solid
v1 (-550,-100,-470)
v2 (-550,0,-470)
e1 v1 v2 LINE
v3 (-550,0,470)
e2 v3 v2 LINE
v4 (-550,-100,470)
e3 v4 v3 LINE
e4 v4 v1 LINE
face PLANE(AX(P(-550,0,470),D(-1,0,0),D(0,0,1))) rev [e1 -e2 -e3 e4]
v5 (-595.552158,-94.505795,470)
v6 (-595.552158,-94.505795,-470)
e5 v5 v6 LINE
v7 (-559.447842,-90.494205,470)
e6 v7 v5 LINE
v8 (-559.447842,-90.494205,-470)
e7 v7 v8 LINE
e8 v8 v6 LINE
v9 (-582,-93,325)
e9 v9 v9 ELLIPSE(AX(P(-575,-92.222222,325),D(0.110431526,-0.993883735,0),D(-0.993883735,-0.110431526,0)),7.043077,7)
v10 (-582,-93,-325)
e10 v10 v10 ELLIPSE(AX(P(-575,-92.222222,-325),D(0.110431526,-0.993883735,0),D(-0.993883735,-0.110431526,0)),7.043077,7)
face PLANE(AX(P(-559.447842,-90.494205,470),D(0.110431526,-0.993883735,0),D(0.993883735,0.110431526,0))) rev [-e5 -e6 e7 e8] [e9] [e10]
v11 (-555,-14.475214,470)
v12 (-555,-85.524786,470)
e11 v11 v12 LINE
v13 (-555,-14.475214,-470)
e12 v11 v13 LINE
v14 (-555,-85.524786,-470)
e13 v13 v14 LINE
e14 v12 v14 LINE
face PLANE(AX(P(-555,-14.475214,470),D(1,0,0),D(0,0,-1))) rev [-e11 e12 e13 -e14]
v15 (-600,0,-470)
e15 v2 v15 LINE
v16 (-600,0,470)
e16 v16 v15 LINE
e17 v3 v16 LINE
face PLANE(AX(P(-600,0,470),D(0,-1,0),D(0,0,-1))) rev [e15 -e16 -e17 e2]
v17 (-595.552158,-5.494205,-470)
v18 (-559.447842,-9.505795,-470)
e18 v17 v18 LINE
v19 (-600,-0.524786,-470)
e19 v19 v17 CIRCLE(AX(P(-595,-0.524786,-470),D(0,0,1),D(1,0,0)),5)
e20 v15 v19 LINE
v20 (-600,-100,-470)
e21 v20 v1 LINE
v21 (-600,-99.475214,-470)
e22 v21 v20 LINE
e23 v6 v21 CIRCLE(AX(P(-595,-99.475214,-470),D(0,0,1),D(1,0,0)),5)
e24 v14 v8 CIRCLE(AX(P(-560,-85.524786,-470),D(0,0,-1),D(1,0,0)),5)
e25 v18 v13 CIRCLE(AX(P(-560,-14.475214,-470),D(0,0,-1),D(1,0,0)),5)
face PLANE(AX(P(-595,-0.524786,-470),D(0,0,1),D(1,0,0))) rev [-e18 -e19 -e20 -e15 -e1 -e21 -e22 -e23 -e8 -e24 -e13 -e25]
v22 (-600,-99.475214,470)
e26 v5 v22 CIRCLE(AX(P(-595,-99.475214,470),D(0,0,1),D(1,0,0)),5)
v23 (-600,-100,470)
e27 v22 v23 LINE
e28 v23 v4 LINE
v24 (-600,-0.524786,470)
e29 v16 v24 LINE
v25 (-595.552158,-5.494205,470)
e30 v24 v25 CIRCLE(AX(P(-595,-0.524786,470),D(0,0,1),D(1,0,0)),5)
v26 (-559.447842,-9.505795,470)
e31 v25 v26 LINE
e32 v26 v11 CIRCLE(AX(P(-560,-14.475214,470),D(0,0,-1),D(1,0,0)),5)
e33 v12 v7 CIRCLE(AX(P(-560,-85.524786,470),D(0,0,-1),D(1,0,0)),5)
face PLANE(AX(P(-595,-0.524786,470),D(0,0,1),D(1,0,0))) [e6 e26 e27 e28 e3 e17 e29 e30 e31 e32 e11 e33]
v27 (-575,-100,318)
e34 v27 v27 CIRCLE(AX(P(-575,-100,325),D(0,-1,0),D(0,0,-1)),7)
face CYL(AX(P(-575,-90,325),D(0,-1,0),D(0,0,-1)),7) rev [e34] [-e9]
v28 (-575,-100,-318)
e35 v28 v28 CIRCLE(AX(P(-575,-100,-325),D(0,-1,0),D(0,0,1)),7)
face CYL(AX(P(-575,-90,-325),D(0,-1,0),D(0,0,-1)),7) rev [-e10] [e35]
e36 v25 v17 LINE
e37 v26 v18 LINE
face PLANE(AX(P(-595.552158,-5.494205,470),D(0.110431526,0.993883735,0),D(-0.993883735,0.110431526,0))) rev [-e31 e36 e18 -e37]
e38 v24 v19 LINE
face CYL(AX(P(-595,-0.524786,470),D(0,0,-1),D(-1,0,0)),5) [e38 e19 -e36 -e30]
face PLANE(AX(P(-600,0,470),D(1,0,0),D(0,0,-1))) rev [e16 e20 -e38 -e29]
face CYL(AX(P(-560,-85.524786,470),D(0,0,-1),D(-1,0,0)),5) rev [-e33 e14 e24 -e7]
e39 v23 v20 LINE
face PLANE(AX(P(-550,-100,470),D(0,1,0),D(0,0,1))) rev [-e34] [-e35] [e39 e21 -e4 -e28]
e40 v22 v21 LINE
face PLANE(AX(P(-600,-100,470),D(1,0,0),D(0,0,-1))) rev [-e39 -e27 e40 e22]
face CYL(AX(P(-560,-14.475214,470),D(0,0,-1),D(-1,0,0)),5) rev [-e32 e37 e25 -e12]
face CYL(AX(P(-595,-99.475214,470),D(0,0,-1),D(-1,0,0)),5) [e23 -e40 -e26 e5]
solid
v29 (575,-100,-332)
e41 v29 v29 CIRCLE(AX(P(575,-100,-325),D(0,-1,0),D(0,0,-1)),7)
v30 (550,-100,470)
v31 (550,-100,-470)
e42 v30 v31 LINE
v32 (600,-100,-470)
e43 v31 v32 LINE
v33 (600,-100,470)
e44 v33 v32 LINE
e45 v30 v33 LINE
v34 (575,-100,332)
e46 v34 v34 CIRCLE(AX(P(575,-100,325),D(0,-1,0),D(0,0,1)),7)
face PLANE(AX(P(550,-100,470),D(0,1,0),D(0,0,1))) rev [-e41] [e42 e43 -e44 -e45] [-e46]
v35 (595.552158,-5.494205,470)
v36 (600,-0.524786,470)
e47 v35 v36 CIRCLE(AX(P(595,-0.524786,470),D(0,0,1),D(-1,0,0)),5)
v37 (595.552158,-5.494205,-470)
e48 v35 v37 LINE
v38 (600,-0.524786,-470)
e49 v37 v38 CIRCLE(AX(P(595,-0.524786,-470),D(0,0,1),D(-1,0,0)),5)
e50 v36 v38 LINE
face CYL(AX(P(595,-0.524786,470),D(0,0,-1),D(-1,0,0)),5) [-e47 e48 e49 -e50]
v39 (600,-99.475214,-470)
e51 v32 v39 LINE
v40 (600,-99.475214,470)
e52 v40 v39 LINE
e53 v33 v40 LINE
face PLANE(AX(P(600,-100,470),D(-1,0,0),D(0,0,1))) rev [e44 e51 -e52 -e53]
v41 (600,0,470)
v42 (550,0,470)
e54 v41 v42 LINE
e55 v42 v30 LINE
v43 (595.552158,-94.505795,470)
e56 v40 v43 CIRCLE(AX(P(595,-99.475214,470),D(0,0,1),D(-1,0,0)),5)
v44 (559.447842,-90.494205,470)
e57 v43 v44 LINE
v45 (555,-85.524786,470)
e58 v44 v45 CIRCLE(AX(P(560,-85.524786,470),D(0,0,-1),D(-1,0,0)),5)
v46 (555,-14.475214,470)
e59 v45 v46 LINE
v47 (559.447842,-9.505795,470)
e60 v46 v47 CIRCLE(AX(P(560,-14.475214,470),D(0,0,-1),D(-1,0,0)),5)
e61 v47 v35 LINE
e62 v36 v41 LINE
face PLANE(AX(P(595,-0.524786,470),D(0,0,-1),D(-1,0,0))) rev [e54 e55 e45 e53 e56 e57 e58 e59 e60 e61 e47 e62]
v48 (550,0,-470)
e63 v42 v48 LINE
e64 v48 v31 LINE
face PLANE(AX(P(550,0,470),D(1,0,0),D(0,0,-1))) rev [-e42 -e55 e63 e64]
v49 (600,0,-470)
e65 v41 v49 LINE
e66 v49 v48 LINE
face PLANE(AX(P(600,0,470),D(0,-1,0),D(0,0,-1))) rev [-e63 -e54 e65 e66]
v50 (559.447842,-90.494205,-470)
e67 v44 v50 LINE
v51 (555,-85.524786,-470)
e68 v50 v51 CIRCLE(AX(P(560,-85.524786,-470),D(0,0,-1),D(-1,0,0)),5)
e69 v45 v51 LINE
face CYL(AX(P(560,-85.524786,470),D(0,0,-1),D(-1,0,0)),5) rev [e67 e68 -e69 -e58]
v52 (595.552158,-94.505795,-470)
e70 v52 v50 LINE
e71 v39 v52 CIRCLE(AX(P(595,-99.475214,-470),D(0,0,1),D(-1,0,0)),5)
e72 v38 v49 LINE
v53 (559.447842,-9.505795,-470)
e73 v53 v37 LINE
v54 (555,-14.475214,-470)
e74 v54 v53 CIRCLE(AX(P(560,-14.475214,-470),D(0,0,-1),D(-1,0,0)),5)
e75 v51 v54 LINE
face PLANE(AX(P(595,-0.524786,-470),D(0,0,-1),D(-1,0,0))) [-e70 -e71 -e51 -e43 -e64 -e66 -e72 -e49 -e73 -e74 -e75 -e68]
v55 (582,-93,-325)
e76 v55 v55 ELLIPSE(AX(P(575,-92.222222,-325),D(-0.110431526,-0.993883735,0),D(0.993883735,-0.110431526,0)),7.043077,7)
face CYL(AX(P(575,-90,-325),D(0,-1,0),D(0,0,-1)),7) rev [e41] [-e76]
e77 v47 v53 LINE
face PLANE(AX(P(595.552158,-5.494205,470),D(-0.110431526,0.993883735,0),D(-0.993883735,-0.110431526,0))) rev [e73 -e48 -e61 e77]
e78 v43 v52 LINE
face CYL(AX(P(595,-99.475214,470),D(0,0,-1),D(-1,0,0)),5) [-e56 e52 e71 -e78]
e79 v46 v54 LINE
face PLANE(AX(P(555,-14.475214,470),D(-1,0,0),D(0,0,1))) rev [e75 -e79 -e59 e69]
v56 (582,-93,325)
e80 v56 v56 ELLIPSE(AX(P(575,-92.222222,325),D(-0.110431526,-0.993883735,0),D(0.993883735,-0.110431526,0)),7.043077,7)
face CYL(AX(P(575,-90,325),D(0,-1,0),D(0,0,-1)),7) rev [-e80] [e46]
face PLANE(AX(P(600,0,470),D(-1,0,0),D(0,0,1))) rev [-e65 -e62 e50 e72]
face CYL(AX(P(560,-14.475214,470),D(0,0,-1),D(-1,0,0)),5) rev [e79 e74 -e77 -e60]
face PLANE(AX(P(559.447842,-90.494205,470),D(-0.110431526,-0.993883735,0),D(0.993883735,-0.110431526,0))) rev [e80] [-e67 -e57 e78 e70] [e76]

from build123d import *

# Parameters (mm, degrees)
BOSS_EXTRUDE1_DEPTH   = 470
BOSS_EXTRUDE1_2_DEPTH = 470
SKETCH2_R             = 7
CUT_EXTRUDE1_DEPTH    = 10


with BuildPart() as part:
    # Sketch1 → Boss-Extrude1 (new, symmetric)
    with BuildSketch(Plane.XY):
        with BuildLine():
            Line((-600, 0), (-550, 0))
            Line((-550, 0), (-550, -100))
            Line((-550, -100), (-600, -100))
            Line((-600, -100), (-600, -99.475213966))
            ThreePointArc((-600, -99.475213966), (-598.725640089, -96.140606654), (-595.55215763, -94.505795292))
            Line((-595.55215763, -94.505795292), (-559.44784237, -90.494204708))
            ThreePointArc((-559.44784237, -90.494204708), (-556.274359911, -88.859393346), (-555, -85.524786034))
            Line((-555, -85.524786034), (-555, -14.475213966))
            ThreePointArc((-555, -14.475213966), (-556.274359911, -11.140606654), (-559.44784237, -9.505795292))
            Line((-559.44784237, -9.505795292), (-595.55215763, -5.494204708))
            ThreePointArc((-595.55215763, -5.494204708), (-598.725640089, -3.859393346), (-600, -0.524786034))
            Line((-600, -0.524786034), (-600, 0))
        make_face()
    extrude(amount=BOSS_EXTRUDE1_DEPTH, both=True)


with BuildPart() as body_2:
    # Sketch1 → Boss-Extrude1 2 (new, symmetric)
    with BuildSketch(Plane.XY):
        with BuildLine():
            Line((600, 0), (550, 0))
            Line((550, 0), (550, -100))
            Line((550, -100), (600, -100))
            Line((600, -100), (600, -99.475213966))
            ThreePointArc((600, -99.475213966), (598.725640089, -96.140606654), (595.55215763, -94.505795292))
            Line((595.55215763, -94.505795292), (559.44784237, -90.494204708))
            ThreePointArc((559.44784237, -90.494204708), (556.274359911, -88.859393346), (555, -85.524786034))
            Line((555, -85.524786034), (555, -14.475213966))
            ThreePointArc((555, -14.475213966), (556.274359911, -11.140606654), (559.44784237, -9.505795292))
            Line((559.44784237, -9.505795292), (595.55215763, -5.494204708))
            ThreePointArc((595.55215763, -5.494204708), (598.725640089, -3.859393346), (600, -0.524786034))
            Line((600, -0.524786034), (600, 0))
        make_face()
    extrude(amount=BOSS_EXTRUDE1_2_DEPTH, both=True)


with BuildPart() as cut_extrude1_tool:
    # Sketch2 → Cut-Extrude1 (new body)
    with BuildSketch(Plane.XZ.offset(100)):
        with Locations(Location((-575, 325, 0), (0, 0, 270))):
            Circle(SKETCH2_R)
        with Locations(Location((-575, -325, 0), (0, 0, 180))):
            Circle(SKETCH2_R)
        with Locations(Location((575, -325, 0), (0, 0, 270))):
            Circle(SKETCH2_R)
        with Locations((575, 325)):
            Circle(SKETCH2_R)
    extrude(amount=-CUT_EXTRUDE1_DEPTH)


with BuildPart() as part_1:
    add(part.part)

    # Cut-Extrude1: cut by cut_extrude1_tool
    add(cut_extrude1_tool.part, mode=Mode.SUBTRACT)


with BuildPart() as body_2_1:
    add(body_2.part)

    # Cut-Extrude1: cut by cut_extrude1_tool
    add(cut_extrude1_tool.part, mode=Mode.SUBTRACT)


solid = Compound([part_1.part, body_2_1.part])
